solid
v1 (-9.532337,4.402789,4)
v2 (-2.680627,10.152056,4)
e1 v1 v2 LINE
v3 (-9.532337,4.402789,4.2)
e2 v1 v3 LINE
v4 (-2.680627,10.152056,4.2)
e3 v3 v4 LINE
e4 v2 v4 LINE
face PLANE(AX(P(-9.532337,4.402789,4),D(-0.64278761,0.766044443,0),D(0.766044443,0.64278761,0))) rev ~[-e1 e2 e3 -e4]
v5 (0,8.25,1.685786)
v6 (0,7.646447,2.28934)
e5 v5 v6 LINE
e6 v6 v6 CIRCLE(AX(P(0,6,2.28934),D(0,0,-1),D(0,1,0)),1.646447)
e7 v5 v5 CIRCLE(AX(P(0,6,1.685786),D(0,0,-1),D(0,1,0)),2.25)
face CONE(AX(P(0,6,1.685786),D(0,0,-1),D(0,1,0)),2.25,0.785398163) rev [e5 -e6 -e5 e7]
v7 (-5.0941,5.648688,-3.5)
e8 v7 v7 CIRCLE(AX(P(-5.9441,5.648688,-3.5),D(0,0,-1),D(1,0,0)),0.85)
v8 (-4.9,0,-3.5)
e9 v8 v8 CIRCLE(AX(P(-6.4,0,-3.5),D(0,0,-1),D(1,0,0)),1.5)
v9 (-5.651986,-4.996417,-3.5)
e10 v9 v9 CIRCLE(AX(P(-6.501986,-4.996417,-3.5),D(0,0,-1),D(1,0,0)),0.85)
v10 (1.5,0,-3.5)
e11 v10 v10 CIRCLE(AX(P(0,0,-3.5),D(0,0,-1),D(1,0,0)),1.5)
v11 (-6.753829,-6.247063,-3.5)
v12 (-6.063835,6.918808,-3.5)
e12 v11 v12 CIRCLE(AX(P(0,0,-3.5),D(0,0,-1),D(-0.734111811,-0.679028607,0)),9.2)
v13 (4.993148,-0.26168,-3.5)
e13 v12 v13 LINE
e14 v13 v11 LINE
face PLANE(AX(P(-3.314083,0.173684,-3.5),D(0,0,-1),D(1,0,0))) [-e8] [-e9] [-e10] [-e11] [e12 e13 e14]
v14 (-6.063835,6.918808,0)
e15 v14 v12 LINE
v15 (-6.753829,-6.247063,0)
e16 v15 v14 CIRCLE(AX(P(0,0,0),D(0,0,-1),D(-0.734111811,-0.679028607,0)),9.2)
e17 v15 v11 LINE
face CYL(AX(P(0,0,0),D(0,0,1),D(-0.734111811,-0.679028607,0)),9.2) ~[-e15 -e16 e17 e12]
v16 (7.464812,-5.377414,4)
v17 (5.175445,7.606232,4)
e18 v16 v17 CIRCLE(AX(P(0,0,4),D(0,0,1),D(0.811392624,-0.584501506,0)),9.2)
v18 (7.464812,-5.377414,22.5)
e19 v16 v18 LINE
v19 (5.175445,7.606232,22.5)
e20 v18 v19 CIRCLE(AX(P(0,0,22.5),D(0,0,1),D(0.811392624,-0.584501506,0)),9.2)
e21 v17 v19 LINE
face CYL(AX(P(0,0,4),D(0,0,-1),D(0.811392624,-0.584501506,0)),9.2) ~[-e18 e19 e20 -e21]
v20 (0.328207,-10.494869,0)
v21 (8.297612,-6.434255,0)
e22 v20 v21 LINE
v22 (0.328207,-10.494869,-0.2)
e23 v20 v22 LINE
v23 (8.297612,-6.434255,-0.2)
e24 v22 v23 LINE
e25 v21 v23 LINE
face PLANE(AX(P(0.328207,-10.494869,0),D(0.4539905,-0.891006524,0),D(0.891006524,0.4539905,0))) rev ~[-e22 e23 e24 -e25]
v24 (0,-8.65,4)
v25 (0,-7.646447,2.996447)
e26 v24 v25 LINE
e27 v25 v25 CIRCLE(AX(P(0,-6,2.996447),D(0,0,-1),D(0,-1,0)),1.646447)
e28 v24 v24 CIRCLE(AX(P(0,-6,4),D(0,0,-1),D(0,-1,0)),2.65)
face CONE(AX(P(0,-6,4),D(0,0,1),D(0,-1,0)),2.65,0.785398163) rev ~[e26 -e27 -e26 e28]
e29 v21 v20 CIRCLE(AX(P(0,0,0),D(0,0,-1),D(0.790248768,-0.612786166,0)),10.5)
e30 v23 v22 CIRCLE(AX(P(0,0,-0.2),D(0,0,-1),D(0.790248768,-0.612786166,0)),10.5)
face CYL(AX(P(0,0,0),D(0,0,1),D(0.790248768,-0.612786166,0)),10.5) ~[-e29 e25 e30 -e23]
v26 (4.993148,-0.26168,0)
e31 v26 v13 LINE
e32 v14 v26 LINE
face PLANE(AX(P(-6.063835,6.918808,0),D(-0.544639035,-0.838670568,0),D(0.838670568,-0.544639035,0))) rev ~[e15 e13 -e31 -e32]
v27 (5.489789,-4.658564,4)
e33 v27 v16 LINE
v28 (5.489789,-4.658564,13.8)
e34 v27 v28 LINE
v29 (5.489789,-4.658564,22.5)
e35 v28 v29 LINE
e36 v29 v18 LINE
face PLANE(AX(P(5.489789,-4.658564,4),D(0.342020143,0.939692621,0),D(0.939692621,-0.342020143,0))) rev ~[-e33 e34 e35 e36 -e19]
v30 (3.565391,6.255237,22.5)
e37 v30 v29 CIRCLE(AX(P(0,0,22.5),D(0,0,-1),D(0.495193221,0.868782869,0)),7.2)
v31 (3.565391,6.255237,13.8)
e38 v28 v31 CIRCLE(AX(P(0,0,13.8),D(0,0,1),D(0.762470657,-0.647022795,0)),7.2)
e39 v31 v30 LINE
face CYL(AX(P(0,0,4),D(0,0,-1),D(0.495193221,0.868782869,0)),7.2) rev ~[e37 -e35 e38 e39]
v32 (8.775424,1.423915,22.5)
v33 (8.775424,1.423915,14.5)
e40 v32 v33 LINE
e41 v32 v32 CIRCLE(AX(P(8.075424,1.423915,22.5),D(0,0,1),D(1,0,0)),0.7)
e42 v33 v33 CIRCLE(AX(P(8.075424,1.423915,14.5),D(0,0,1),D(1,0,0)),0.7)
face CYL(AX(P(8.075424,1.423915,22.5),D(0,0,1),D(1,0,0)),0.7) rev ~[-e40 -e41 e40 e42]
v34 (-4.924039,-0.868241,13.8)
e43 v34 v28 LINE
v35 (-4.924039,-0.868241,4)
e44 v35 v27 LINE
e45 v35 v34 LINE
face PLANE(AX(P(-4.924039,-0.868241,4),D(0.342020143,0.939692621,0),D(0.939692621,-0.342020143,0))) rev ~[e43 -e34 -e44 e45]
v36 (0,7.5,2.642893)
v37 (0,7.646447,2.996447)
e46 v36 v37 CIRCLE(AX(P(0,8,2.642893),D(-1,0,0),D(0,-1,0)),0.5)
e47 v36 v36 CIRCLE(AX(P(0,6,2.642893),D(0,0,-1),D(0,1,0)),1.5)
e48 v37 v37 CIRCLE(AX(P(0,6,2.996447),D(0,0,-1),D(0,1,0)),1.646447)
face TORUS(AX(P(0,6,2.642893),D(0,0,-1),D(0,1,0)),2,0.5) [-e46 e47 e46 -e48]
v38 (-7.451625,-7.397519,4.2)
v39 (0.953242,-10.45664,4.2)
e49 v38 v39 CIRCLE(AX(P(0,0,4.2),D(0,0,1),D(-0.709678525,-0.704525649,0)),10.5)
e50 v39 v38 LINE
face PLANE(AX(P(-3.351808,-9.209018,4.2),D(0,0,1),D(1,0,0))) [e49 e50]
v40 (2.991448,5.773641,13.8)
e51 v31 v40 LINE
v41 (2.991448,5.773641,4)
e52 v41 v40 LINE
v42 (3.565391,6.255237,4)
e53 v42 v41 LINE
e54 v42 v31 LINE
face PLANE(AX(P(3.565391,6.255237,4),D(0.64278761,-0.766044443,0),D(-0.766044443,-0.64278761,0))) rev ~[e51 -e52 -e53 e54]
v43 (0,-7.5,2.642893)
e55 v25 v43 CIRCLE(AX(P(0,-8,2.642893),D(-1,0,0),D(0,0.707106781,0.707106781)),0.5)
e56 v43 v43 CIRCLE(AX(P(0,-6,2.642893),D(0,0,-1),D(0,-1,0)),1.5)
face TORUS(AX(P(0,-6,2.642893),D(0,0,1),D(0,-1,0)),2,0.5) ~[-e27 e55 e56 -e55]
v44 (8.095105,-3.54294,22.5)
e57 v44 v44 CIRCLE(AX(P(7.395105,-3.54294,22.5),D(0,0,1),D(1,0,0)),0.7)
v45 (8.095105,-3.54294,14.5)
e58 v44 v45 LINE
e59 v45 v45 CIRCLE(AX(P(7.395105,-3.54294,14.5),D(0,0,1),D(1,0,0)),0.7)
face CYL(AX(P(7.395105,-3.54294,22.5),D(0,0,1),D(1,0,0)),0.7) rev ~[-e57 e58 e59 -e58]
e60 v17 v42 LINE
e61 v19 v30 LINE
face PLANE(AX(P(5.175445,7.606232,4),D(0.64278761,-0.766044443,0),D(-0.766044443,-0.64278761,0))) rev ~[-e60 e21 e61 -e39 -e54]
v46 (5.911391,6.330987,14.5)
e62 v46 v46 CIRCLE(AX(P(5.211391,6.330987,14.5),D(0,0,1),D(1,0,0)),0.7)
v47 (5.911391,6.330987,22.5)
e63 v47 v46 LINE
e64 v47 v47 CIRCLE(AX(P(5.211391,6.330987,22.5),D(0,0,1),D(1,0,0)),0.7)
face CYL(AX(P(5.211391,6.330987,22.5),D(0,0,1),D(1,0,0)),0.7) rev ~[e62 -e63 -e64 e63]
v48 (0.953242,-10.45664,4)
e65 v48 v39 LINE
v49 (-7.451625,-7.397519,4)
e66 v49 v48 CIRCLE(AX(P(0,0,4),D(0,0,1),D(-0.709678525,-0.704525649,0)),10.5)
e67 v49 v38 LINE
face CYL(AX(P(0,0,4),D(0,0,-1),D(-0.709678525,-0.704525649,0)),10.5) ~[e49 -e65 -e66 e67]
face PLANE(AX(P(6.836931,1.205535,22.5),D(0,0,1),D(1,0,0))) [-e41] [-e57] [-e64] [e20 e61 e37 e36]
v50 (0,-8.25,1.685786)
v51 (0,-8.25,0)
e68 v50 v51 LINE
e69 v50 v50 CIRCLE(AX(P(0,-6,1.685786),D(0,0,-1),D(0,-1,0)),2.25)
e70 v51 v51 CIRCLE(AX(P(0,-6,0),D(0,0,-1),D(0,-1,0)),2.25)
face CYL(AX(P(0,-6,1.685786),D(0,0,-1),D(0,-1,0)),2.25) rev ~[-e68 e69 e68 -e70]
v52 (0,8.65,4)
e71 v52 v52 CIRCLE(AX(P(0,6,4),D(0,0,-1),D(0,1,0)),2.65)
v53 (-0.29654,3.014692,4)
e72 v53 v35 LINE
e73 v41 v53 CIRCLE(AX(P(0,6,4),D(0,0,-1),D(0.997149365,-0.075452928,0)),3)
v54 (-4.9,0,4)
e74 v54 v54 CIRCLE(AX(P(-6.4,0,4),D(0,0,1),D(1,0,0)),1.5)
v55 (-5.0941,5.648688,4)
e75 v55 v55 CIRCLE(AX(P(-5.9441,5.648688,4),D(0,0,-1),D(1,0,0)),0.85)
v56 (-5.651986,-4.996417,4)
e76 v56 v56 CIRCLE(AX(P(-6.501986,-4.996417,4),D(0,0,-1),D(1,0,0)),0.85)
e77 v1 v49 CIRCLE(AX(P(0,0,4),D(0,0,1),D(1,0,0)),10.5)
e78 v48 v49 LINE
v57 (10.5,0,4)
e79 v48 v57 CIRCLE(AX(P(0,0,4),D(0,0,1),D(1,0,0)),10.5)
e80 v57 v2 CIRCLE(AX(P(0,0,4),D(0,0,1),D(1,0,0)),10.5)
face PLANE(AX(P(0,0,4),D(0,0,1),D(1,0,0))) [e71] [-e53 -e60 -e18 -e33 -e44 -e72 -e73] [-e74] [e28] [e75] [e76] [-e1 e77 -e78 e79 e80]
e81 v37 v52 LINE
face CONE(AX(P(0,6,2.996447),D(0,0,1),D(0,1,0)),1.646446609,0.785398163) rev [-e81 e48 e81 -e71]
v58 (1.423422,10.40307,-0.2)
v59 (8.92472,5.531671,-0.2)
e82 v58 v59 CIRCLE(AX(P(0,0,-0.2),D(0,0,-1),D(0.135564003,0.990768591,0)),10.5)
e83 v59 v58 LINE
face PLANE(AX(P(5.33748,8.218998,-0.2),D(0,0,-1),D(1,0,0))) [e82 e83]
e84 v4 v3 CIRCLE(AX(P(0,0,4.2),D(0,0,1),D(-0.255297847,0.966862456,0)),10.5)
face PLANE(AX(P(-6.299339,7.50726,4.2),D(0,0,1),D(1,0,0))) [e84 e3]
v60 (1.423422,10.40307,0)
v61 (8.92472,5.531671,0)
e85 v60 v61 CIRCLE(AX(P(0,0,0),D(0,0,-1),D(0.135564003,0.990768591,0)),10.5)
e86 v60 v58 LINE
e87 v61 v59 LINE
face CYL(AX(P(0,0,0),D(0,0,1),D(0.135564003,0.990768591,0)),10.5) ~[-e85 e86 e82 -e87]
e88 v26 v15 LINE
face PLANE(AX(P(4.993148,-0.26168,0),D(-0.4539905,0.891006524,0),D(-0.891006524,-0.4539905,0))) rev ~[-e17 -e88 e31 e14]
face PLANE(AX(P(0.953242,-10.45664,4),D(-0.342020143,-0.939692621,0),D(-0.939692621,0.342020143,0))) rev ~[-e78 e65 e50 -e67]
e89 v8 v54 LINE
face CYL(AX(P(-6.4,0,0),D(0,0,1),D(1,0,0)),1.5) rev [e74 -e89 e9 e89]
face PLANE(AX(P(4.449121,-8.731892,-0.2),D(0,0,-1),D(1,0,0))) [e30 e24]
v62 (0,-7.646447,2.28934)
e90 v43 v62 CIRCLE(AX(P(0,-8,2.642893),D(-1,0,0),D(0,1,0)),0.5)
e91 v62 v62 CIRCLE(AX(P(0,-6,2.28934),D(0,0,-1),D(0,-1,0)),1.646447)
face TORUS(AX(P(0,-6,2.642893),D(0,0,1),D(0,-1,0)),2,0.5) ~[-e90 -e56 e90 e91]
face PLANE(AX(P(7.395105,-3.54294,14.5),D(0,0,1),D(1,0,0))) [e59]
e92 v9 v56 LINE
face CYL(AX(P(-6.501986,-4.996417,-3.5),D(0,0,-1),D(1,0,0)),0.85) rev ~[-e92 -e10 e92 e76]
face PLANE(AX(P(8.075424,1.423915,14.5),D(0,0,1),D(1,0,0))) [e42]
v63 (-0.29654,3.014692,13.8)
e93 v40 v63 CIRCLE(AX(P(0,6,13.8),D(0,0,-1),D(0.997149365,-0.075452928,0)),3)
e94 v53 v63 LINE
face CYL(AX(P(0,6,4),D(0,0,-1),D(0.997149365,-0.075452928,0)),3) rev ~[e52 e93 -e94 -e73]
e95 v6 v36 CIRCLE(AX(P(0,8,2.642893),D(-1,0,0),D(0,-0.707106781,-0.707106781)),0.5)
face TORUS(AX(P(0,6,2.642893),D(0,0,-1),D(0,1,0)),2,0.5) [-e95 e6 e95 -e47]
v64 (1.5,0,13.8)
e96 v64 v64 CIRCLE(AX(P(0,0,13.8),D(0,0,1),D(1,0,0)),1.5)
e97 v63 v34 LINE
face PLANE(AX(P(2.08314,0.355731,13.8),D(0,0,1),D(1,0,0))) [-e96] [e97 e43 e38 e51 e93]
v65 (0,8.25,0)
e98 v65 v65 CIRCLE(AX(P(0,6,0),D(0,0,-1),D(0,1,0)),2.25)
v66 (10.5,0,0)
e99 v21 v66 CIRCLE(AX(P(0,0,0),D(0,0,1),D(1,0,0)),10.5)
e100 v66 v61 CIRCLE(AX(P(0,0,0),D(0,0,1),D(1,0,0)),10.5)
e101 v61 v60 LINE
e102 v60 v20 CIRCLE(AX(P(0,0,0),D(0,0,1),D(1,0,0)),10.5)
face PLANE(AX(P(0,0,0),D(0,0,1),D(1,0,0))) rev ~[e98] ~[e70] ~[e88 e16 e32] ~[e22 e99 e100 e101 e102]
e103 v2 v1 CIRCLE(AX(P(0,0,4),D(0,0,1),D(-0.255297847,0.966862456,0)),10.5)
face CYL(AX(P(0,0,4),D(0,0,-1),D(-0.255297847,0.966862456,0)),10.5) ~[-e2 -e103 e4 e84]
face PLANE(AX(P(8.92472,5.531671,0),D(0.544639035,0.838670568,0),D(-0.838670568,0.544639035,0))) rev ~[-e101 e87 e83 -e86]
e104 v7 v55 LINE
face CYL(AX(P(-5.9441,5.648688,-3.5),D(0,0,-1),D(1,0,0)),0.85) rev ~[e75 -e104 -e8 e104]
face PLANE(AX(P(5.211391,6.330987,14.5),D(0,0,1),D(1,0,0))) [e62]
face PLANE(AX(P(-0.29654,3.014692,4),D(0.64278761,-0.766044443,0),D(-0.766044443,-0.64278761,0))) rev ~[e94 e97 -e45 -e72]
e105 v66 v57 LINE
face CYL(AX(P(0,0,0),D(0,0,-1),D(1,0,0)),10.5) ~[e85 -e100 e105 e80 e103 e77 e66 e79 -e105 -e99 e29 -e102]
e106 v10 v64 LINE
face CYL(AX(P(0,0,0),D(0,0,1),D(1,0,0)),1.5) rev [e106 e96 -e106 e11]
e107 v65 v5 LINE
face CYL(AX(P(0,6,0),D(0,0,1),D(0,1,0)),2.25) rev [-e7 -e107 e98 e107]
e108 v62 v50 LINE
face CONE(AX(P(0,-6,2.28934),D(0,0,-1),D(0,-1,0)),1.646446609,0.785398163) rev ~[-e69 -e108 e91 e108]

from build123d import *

# Parameters (mm, degrees)
F0_R      = 10.5
F0_R_2    = 1.5
F1_DEPTH  = 4
F6_DEPTH  = 0.2
F5_R      = 1.5
F7_DEPTH  = 9.8
F8_DEPTH  = 18.5
F9_R      = 0.7
F10_DEPTH = 8
F11_R     = 1.5
F12_DEPTH = 3.5
F13_R     = 0.85
F14_DEPTH = 26.001
F15_DEPTH = 0.2


with BuildPart() as f1:
    # F0 (on Top) → F1 (new body)
    with BuildSketch(Plane.XY):
        Circle(F0_R)
        with Locations((0, -6)):
            Circle(F0_R_2, mode=Mode.SUBTRACT)
        with Locations((-6.4, 0)):
            Circle(F0_R_2, mode=Mode.SUBTRACT)
        Circle(F0_R_2, mode=Mode.SUBTRACT)
        with Locations((0, 6)):
            Circle(F0_R_2, mode=Mode.SUBTRACT)
    extrude(amount=F1_DEPTH)

    # F2 (on Right) → F3 (revolve, cut)
    with BuildSketch(Plane.YZ):
        with BuildLine():
            Line((-7.5, 0), (-7.5, 2.6428932188))
            ThreePointArc((-7.5, 2.6428932188), (-7.5380602337, 2.4515515026), (-7.6464466094, 2.2893398282))
            Line((-7.6464466094, 2.2893398282), (-8.25, 1.6857864376))
            Line((-8.25, 1.6857864376), (-8.25, 0))
            Line((-8.25, 0), (-7.5, 0))
        make_face()
        with BuildLine():
            Line((-8.65, 4), (-7.6464466094, 2.9964466094))
            ThreePointArc((-7.6464466094, 2.9964466094), (-7.5380602337, 2.834234935), (-7.5, 2.6428932188))
            Line((-7.5, 2.6428932188), (-7.5, 4))
            Line((-7.5, 4), (-8.65, 4))
        make_face()
    revolve(axis=Axis((0, -6, 2), (0, 0, -1)), mode=Mode.SUBTRACT)

    # F2 (on Right) → F4 (revolve, cut)
    with BuildSketch(Plane.YZ):
        with BuildLine():
            Line((7.6464466094, 2.9964466094), (8.65, 4))
            Line((8.65, 4), (7.5, 4))
            Line((7.5, 4), (7.5, 2.6428932188))
            ThreePointArc((7.5, 2.6428932188), (7.5380602337, 2.834234935), (7.6464466094, 2.9964466094))
        make_face()
        with BuildLine():
            ThreePointArc((7.6464466094, 2.2893398282), (7.5380602337, 2.4515515026), (7.5, 2.6428932188))
            Line((7.5, 2.6428932188), (7.5, 0))
            Line((7.5, 0), (8.25, 0))
            Line((8.25, 0), (8.25, 1.6857864376))
            Line((8.25, 1.6857864376), (7.6464466094, 2.2893398282))
        make_face()
    revolve(axis=Axis((0, 6, 2), (0, 0, -1)), mode=Mode.SUBTRACT)

    # F5 (on face) → F6 (join)
    with BuildSketch(Plane.XY.offset(4)):
        with BuildLine():
            Line((-9.5323371892, 4.4027886289), (-2.6806273948, 10.1520557903))
            ThreePointArc((-2.6806273948, 10.1520557903), (-6.7492699017, 8.0434666527), (-9.5323371892, 4.4027886289))
        make_face()
        with BuildLine():
            ThreePointArc((-7.4516245177, -7.3975193172), (-3.5912115049, -9.8667725183), (0.9532417945, -10.4566404778))
            Line((0.9532417945, -10.4566404778), (-7.4516245177, -7.3975193172))
        make_face()
    extrude(amount=F6_DEPTH)

    # F5 (on face) → F7 (join)
    with BuildSketch(Plane.XY.offset(4)):
        with BuildLine():
            ThreePointArc((5.4897887319, -4.658564122), (7.0906158217, 1.2502668792), (3.5653911923, 6.2552366578))
            Line((3.5653911923, 6.2552366578), (2.9914480943, 5.7736412159))
            ThreePointArc((2.9914480943, 5.7736412159), (1.9283628291, 3.7018666706), (-0.2965396247, 3.0146919337))
            Line((-0.2965396247, 3.0146919337), (-4.9240387651, -0.8682408883))
            Line((-4.9240387651, -0.8682408883), (5.4897887319, -4.658564122))
        make_face()
        Circle(F5_R, mode=Mode.SUBTRACT)
    extrude(amount=F7_DEPTH)

    # F5 (on face) → F8 (join)
    with BuildSketch(Plane.XY.offset(4)):
        with BuildLine():
            ThreePointArc((7.4648121374, -5.3774138536), (9.0602313277, 1.5975632345), (5.1754450242, 7.6062322343))
            Line((5.1754450242, 7.6062322343), (3.5653911923, 6.2552366578))
            ThreePointArc((3.5653911923, 6.2552366578), (7.0906158217, 1.2502668792), (5.4897887319, -4.658564122))
            Line((5.4897887319, -4.658564122), (7.4648121374, -5.3774138536))
        make_face()
    extrude(amount=F8_DEPTH)

    # F9 (on face) → F10 (cut)
    with BuildSketch(Plane.XY.offset(22.5)):
        with Locations((5.2113912337, 6.3309873961)):
            Circle(F9_R)
        with Locations((8.0754235747, 1.4239150569)):
            Circle(F9_R)
        with Locations((7.3951047667, -3.5429402323)):
            Circle(F9_R)
    extrude(amount=-F10_DEPTH, mode=Mode.SUBTRACT)

    # F11 (on face) → F12 (join)
    with BuildSketch(Plane(origin=(0, 0, 0), x_dir=(1, 0, 0), z_dir=(0, 0, -1))):
        with BuildLine():
            ThreePointArc((-6.7538286642, 6.24706318), (-9.1873917197, -0.4814907974), (-6.0638345699, -6.9188084457))
            Line((-6.0638345699, -6.9188084457), (4.9931476738, 0.2616797812))
            Line((4.9931476738, 0.2616797812), (-6.7538286642, 6.24706318))
        make_face()
        with Locations((-6.4, 0)):
            Circle(F11_R, mode=Mode.SUBTRACT)
        Circle(F11_R, mode=Mode.SUBTRACT)
    extrude(amount=F12_DEPTH)

    # F13 (on face) → F14 (cut, through all)
    with BuildSketch(Plane(origin=(0, 0, -3.5), x_dir=(1, 0, 0), z_dir=(0, 0, -1))):
        with Locations((-5.9440995908, -5.6486883482)):
            Circle(F13_R)
        with Locations((-6.5019859038, 4.9964166467)):
            Circle(F13_R)
    extrude(amount=-F14_DEPTH, mode=Mode.SUBTRACT)

    # F11 (on face) → F15 (join)
    with BuildSketch(Plane(origin=(0, 0, 0), x_dir=(1, 0, 0), z_dir=(0, 0, -1))):
        with BuildLine():
            Line((8.924719634, -5.5316705845), (1.4234220313, -10.4030702065))
            ThreePointArc((1.4234220313, -10.4030702065), (5.7187098677, -8.8060409634), (8.924719634, -5.5316705845))
        make_face()
        with BuildLine():
            ThreePointArc((8.2976120605, 6.4342547427), (4.7669002473, 9.355568504), (0.3282074346, 10.4948692169))
            Line((0.3282074346, 10.4948692169), (8.2976120605, 6.4342547427))
        make_face()
    extrude(amount=F15_DEPTH)


solid = f1.part
